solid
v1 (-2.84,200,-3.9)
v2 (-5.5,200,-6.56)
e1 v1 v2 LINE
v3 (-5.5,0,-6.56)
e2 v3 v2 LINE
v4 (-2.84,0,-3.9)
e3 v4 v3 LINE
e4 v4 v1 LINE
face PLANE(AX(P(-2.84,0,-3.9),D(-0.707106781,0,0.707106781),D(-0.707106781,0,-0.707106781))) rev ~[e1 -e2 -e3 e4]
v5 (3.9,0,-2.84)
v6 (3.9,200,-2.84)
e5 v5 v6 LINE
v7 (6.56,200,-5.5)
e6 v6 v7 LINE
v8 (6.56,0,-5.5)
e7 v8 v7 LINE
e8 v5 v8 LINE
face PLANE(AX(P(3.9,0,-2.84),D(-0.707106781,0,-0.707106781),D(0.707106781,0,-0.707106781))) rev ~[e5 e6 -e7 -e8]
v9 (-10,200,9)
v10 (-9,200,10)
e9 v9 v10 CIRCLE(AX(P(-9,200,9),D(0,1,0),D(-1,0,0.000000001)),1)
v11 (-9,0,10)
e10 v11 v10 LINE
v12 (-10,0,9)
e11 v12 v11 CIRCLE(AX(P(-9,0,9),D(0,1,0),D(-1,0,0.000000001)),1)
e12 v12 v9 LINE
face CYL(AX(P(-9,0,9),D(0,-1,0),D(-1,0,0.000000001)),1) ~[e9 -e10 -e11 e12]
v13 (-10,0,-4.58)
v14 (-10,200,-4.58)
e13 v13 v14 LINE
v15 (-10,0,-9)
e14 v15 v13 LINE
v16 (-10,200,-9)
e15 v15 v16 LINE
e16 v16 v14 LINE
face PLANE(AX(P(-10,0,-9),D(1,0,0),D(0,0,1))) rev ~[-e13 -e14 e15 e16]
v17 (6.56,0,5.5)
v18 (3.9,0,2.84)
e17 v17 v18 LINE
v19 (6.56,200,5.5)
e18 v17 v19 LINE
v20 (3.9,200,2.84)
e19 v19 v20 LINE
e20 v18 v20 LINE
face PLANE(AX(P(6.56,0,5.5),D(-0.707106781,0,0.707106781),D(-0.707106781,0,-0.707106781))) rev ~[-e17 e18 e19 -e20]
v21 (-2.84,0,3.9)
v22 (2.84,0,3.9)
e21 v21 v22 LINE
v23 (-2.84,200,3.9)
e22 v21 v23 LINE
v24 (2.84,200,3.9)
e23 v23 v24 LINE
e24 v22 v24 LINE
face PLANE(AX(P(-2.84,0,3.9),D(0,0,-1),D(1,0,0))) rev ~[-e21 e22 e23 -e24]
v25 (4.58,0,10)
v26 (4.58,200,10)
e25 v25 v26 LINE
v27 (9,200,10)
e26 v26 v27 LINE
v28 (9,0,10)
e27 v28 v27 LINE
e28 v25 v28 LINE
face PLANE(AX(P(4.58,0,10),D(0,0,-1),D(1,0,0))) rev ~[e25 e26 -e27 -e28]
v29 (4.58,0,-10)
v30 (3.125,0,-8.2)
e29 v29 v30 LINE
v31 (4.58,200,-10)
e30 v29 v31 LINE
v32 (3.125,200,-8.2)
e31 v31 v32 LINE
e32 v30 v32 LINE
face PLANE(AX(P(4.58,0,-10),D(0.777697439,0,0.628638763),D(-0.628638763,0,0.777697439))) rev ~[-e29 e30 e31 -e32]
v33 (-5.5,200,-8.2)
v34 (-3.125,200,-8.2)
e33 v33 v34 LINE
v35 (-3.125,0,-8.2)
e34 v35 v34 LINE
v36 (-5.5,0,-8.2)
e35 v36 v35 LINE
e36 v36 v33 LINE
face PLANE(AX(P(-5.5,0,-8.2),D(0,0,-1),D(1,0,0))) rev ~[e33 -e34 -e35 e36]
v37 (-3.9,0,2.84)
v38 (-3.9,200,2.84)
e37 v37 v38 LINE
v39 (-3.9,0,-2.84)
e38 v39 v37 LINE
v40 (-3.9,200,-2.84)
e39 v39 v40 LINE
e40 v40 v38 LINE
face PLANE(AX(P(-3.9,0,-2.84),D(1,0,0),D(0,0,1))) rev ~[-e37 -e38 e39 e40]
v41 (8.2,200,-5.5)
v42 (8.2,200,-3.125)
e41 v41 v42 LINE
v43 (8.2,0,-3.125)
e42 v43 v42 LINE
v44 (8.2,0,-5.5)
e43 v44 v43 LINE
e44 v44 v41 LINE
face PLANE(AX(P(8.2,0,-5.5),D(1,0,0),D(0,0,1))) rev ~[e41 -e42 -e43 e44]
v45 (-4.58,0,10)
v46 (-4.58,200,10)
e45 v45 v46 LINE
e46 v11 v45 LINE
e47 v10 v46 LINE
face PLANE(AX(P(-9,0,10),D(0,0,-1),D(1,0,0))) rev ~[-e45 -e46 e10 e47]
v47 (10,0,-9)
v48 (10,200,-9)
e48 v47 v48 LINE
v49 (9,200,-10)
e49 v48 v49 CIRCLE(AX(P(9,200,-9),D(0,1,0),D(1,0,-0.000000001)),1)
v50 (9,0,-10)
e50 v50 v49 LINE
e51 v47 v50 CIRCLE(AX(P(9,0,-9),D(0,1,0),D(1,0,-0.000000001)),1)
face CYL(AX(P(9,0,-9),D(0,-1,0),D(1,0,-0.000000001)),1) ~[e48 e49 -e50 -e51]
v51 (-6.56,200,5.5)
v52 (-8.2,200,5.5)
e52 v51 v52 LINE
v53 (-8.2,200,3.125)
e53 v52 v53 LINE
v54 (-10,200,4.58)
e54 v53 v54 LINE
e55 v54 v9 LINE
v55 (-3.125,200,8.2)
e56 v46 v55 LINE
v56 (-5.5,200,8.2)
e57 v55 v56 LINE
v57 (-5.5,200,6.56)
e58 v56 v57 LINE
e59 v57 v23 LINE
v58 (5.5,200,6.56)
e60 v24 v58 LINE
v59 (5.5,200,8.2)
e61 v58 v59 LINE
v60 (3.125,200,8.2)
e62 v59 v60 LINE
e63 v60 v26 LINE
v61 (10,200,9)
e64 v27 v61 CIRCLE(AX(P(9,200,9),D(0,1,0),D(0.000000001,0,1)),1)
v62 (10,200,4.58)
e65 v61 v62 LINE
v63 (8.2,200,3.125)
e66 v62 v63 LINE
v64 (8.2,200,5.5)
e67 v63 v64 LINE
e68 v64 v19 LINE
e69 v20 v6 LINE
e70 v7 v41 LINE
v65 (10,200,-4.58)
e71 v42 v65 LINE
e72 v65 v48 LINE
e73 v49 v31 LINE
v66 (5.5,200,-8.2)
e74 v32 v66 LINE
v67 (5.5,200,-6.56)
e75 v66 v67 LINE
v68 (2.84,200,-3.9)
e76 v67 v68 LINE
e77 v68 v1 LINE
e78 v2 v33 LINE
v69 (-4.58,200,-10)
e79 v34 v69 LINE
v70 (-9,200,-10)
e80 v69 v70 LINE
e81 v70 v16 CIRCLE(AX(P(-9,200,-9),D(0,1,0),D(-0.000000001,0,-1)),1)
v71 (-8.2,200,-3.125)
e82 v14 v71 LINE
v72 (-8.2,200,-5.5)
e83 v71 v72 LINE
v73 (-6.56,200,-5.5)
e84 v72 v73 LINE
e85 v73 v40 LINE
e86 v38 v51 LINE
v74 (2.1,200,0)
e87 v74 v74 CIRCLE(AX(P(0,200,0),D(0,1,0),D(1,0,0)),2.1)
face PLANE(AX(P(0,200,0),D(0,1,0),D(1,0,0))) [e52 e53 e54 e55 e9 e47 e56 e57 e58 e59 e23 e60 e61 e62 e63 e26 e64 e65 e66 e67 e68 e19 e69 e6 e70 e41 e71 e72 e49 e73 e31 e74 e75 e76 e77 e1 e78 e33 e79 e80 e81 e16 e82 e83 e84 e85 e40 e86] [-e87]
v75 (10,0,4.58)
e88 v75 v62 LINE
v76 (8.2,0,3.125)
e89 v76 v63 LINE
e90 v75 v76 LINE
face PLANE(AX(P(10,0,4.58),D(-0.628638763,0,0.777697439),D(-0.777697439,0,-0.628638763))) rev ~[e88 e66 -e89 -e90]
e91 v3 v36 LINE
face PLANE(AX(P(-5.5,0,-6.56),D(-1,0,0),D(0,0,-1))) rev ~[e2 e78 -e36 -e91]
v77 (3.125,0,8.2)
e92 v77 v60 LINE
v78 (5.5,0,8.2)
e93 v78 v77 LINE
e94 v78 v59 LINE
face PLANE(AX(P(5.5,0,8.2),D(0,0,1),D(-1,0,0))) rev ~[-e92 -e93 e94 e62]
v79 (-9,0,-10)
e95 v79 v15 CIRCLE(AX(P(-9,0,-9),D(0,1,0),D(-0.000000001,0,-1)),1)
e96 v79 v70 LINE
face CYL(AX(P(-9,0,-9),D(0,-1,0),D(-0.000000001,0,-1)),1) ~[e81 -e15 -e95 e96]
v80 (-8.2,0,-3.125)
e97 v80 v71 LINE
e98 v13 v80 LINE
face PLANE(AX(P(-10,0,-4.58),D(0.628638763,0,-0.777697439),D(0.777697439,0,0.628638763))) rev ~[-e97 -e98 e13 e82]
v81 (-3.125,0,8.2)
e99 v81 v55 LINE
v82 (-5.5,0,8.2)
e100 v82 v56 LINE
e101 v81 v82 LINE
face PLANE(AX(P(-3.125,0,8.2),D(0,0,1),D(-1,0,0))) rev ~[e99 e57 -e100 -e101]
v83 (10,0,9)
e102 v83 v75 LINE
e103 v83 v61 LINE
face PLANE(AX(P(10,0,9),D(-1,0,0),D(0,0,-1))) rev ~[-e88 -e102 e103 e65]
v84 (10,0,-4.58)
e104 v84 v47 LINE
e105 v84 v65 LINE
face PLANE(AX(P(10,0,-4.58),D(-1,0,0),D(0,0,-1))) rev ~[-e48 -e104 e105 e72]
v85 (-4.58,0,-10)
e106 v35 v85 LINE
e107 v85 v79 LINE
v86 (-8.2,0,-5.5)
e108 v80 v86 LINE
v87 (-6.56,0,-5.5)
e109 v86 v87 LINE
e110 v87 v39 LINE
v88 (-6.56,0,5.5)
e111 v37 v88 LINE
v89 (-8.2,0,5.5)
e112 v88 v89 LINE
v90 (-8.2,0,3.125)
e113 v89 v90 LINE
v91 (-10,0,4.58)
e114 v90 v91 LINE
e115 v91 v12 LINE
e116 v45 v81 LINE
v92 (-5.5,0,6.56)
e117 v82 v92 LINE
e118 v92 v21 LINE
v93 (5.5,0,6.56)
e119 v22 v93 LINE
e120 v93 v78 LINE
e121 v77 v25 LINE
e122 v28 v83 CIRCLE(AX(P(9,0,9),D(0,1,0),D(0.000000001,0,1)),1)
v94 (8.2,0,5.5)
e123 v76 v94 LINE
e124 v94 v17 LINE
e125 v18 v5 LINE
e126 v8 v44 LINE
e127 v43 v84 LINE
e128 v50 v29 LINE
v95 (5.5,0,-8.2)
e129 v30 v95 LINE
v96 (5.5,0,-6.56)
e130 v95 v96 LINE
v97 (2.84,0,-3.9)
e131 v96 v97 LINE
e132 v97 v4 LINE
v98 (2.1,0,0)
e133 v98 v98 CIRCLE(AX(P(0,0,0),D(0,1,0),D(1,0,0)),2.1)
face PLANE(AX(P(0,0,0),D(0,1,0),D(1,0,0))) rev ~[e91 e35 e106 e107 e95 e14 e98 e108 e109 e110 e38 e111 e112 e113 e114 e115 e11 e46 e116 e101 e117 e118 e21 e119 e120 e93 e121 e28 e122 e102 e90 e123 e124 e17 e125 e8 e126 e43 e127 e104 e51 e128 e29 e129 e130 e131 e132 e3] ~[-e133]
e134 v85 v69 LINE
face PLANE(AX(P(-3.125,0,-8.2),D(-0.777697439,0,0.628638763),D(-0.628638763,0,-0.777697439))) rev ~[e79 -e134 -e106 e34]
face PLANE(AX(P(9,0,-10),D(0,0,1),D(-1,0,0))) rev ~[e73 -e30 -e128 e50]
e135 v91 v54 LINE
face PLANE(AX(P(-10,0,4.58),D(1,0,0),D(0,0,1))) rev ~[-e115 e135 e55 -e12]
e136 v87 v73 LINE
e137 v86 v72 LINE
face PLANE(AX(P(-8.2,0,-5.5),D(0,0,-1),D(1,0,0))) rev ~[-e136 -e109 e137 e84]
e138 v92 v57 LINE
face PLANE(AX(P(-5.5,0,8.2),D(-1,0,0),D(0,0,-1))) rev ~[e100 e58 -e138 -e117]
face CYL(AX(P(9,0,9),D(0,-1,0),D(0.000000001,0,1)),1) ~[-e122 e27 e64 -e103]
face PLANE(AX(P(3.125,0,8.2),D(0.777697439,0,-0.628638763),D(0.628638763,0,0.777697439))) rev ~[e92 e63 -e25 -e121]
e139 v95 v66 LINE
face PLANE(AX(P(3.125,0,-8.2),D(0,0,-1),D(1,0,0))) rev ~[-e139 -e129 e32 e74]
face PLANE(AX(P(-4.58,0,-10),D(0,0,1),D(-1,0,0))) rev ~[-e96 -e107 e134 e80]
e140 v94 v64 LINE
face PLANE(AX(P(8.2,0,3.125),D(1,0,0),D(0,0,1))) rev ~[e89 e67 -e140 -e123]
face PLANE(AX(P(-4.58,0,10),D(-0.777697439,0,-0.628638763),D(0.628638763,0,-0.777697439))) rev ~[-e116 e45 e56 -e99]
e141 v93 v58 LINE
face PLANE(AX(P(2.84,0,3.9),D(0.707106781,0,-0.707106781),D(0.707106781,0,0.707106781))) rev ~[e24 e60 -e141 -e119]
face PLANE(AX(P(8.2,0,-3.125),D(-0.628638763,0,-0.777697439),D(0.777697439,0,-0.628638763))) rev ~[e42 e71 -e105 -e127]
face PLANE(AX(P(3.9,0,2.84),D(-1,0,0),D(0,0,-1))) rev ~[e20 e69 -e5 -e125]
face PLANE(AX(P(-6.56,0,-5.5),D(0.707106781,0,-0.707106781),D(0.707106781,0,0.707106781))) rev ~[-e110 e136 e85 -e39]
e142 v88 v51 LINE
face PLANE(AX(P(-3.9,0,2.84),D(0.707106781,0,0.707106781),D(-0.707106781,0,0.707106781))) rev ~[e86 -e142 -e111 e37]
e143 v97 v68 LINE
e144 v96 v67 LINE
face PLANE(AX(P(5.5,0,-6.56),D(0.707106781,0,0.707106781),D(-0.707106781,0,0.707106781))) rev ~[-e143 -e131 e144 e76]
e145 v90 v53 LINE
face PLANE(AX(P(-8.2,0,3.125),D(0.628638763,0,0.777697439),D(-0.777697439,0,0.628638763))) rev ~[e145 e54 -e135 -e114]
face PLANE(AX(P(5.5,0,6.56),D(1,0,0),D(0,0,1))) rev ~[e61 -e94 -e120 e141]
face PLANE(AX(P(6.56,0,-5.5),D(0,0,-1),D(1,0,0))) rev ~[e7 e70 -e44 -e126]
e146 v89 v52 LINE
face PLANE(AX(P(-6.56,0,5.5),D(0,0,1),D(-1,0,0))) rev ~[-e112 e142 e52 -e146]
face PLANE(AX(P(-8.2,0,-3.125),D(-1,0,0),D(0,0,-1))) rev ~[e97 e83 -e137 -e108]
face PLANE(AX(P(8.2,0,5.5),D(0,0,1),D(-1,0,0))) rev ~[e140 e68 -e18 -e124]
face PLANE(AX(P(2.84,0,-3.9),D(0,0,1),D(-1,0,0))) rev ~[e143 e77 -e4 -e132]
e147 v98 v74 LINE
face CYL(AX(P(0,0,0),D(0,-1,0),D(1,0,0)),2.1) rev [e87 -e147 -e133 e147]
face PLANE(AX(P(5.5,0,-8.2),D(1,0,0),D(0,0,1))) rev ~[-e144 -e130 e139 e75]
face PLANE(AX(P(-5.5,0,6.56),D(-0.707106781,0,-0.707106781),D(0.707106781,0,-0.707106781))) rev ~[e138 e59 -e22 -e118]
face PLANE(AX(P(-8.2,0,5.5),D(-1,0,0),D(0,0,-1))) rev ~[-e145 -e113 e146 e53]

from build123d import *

# Parameters (mm, degrees)
SKETCH1_R           = 2.1
BOSS_EXTRUDE1_DEPTH = 200


with BuildPart() as part:
    # Sketch1 → Boss-Extrude1 (new body)
    with BuildSketch(Plane(origin=(0, 0, 0), x_dir=(1, 0, 0), z_dir=(0, 1, 0))):
        with BuildLine():
            Line((-5.5, 8.2), (-3.125, 8.2))
            Line((-3.125, 8.2), (-4.58, 10))
            Line((-4.58, 10), (-9, 10))
            ThreePointArc((-9, 10), (-9.707106781, 9.707106781), (-10, 9))
            Line((-10, 9), (-10, 4.58))
            Line((-10, 4.58), (-8.2, 3.125))
            Line((-8.2, 3.125), (-8.2, 5.5))
            Line((-8.2, 5.5), (-6.56, 5.5))
            Line((-6.56, 5.5), (-3.9, 2.84))
            Line((-3.9, 2.84), (-3.9, -2.84))
            Line((-3.9, -2.84), (-6.56, -5.5))
            Line((-6.56, -5.5), (-8.2, -5.5))
            Line((-8.2, -5.5), (-8.2, -3.125))
            Line((-8.2, -3.125), (-10, -4.58))
            Line((-10, -4.58), (-10, -9))
            ThreePointArc((-10, -9), (-9.707106781, -9.707106781), (-9, -10))
            Line((-9, -10), (-4.58, -10))
            Line((-4.58, -10), (-3.125, -8.2))
            Line((-3.125, -8.2), (-5.5, -8.2))
            Line((-5.5, -8.2), (-5.5, -6.56))
            Line((-5.5, -6.56), (-2.84, -3.9))
            Line((-2.84, -3.9), (2.84, -3.9))
            Line((2.84, -3.9), (5.5, -6.56))
            Line((5.5, -6.56), (5.5, -8.2))
            Line((5.5, -8.2), (3.125, -8.2))
            Line((3.125, -8.2), (4.58, -10))
            Line((4.58, -10), (9, -10))
            ThreePointArc((9, -10), (9.707106781, -9.707106781), (10, -9))
            Line((10, -9), (10, -4.58))
            Line((10, -4.58), (8.2, -3.125))
            Line((8.2, -3.125), (8.2, -5.5))
            Line((8.2, -5.5), (6.56, -5.5))
            Line((6.56, -5.5), (3.9, -2.84))
            Line((3.9, -2.84), (3.9, 2.84))
            Line((3.9, 2.84), (6.56, 5.5))
            Line((6.56, 5.5), (8.2, 5.5))
            Line((8.2, 5.5), (8.2, 3.125))
            Line((8.2, 3.125), (10, 4.58))
            Line((10, 4.58), (10, 9))
            ThreePointArc((10, 9), (9.707106781, 9.707106781), (9, 10))
            Line((9, 10), (4.58, 10))
            Line((4.58, 10), (3.125, 8.2))
            Line((3.125, 8.2), (5.5, 8.2))
            Line((5.5, 8.2), (5.5, 6.56))
            Line((5.5, 6.56), (2.84, 3.9))
            Line((2.84, 3.9), (-2.84, 3.9))
            Line((-2.84, 3.9), (-5.5, 6.56))
            Line((-5.5, 6.56), (-5.5, 8.2))
        make_face()
        Circle(SKETCH1_R, mode=Mode.SUBTRACT)
    extrude(amount=BOSS_EXTRUDE1_DEPTH)


solid = part.part
